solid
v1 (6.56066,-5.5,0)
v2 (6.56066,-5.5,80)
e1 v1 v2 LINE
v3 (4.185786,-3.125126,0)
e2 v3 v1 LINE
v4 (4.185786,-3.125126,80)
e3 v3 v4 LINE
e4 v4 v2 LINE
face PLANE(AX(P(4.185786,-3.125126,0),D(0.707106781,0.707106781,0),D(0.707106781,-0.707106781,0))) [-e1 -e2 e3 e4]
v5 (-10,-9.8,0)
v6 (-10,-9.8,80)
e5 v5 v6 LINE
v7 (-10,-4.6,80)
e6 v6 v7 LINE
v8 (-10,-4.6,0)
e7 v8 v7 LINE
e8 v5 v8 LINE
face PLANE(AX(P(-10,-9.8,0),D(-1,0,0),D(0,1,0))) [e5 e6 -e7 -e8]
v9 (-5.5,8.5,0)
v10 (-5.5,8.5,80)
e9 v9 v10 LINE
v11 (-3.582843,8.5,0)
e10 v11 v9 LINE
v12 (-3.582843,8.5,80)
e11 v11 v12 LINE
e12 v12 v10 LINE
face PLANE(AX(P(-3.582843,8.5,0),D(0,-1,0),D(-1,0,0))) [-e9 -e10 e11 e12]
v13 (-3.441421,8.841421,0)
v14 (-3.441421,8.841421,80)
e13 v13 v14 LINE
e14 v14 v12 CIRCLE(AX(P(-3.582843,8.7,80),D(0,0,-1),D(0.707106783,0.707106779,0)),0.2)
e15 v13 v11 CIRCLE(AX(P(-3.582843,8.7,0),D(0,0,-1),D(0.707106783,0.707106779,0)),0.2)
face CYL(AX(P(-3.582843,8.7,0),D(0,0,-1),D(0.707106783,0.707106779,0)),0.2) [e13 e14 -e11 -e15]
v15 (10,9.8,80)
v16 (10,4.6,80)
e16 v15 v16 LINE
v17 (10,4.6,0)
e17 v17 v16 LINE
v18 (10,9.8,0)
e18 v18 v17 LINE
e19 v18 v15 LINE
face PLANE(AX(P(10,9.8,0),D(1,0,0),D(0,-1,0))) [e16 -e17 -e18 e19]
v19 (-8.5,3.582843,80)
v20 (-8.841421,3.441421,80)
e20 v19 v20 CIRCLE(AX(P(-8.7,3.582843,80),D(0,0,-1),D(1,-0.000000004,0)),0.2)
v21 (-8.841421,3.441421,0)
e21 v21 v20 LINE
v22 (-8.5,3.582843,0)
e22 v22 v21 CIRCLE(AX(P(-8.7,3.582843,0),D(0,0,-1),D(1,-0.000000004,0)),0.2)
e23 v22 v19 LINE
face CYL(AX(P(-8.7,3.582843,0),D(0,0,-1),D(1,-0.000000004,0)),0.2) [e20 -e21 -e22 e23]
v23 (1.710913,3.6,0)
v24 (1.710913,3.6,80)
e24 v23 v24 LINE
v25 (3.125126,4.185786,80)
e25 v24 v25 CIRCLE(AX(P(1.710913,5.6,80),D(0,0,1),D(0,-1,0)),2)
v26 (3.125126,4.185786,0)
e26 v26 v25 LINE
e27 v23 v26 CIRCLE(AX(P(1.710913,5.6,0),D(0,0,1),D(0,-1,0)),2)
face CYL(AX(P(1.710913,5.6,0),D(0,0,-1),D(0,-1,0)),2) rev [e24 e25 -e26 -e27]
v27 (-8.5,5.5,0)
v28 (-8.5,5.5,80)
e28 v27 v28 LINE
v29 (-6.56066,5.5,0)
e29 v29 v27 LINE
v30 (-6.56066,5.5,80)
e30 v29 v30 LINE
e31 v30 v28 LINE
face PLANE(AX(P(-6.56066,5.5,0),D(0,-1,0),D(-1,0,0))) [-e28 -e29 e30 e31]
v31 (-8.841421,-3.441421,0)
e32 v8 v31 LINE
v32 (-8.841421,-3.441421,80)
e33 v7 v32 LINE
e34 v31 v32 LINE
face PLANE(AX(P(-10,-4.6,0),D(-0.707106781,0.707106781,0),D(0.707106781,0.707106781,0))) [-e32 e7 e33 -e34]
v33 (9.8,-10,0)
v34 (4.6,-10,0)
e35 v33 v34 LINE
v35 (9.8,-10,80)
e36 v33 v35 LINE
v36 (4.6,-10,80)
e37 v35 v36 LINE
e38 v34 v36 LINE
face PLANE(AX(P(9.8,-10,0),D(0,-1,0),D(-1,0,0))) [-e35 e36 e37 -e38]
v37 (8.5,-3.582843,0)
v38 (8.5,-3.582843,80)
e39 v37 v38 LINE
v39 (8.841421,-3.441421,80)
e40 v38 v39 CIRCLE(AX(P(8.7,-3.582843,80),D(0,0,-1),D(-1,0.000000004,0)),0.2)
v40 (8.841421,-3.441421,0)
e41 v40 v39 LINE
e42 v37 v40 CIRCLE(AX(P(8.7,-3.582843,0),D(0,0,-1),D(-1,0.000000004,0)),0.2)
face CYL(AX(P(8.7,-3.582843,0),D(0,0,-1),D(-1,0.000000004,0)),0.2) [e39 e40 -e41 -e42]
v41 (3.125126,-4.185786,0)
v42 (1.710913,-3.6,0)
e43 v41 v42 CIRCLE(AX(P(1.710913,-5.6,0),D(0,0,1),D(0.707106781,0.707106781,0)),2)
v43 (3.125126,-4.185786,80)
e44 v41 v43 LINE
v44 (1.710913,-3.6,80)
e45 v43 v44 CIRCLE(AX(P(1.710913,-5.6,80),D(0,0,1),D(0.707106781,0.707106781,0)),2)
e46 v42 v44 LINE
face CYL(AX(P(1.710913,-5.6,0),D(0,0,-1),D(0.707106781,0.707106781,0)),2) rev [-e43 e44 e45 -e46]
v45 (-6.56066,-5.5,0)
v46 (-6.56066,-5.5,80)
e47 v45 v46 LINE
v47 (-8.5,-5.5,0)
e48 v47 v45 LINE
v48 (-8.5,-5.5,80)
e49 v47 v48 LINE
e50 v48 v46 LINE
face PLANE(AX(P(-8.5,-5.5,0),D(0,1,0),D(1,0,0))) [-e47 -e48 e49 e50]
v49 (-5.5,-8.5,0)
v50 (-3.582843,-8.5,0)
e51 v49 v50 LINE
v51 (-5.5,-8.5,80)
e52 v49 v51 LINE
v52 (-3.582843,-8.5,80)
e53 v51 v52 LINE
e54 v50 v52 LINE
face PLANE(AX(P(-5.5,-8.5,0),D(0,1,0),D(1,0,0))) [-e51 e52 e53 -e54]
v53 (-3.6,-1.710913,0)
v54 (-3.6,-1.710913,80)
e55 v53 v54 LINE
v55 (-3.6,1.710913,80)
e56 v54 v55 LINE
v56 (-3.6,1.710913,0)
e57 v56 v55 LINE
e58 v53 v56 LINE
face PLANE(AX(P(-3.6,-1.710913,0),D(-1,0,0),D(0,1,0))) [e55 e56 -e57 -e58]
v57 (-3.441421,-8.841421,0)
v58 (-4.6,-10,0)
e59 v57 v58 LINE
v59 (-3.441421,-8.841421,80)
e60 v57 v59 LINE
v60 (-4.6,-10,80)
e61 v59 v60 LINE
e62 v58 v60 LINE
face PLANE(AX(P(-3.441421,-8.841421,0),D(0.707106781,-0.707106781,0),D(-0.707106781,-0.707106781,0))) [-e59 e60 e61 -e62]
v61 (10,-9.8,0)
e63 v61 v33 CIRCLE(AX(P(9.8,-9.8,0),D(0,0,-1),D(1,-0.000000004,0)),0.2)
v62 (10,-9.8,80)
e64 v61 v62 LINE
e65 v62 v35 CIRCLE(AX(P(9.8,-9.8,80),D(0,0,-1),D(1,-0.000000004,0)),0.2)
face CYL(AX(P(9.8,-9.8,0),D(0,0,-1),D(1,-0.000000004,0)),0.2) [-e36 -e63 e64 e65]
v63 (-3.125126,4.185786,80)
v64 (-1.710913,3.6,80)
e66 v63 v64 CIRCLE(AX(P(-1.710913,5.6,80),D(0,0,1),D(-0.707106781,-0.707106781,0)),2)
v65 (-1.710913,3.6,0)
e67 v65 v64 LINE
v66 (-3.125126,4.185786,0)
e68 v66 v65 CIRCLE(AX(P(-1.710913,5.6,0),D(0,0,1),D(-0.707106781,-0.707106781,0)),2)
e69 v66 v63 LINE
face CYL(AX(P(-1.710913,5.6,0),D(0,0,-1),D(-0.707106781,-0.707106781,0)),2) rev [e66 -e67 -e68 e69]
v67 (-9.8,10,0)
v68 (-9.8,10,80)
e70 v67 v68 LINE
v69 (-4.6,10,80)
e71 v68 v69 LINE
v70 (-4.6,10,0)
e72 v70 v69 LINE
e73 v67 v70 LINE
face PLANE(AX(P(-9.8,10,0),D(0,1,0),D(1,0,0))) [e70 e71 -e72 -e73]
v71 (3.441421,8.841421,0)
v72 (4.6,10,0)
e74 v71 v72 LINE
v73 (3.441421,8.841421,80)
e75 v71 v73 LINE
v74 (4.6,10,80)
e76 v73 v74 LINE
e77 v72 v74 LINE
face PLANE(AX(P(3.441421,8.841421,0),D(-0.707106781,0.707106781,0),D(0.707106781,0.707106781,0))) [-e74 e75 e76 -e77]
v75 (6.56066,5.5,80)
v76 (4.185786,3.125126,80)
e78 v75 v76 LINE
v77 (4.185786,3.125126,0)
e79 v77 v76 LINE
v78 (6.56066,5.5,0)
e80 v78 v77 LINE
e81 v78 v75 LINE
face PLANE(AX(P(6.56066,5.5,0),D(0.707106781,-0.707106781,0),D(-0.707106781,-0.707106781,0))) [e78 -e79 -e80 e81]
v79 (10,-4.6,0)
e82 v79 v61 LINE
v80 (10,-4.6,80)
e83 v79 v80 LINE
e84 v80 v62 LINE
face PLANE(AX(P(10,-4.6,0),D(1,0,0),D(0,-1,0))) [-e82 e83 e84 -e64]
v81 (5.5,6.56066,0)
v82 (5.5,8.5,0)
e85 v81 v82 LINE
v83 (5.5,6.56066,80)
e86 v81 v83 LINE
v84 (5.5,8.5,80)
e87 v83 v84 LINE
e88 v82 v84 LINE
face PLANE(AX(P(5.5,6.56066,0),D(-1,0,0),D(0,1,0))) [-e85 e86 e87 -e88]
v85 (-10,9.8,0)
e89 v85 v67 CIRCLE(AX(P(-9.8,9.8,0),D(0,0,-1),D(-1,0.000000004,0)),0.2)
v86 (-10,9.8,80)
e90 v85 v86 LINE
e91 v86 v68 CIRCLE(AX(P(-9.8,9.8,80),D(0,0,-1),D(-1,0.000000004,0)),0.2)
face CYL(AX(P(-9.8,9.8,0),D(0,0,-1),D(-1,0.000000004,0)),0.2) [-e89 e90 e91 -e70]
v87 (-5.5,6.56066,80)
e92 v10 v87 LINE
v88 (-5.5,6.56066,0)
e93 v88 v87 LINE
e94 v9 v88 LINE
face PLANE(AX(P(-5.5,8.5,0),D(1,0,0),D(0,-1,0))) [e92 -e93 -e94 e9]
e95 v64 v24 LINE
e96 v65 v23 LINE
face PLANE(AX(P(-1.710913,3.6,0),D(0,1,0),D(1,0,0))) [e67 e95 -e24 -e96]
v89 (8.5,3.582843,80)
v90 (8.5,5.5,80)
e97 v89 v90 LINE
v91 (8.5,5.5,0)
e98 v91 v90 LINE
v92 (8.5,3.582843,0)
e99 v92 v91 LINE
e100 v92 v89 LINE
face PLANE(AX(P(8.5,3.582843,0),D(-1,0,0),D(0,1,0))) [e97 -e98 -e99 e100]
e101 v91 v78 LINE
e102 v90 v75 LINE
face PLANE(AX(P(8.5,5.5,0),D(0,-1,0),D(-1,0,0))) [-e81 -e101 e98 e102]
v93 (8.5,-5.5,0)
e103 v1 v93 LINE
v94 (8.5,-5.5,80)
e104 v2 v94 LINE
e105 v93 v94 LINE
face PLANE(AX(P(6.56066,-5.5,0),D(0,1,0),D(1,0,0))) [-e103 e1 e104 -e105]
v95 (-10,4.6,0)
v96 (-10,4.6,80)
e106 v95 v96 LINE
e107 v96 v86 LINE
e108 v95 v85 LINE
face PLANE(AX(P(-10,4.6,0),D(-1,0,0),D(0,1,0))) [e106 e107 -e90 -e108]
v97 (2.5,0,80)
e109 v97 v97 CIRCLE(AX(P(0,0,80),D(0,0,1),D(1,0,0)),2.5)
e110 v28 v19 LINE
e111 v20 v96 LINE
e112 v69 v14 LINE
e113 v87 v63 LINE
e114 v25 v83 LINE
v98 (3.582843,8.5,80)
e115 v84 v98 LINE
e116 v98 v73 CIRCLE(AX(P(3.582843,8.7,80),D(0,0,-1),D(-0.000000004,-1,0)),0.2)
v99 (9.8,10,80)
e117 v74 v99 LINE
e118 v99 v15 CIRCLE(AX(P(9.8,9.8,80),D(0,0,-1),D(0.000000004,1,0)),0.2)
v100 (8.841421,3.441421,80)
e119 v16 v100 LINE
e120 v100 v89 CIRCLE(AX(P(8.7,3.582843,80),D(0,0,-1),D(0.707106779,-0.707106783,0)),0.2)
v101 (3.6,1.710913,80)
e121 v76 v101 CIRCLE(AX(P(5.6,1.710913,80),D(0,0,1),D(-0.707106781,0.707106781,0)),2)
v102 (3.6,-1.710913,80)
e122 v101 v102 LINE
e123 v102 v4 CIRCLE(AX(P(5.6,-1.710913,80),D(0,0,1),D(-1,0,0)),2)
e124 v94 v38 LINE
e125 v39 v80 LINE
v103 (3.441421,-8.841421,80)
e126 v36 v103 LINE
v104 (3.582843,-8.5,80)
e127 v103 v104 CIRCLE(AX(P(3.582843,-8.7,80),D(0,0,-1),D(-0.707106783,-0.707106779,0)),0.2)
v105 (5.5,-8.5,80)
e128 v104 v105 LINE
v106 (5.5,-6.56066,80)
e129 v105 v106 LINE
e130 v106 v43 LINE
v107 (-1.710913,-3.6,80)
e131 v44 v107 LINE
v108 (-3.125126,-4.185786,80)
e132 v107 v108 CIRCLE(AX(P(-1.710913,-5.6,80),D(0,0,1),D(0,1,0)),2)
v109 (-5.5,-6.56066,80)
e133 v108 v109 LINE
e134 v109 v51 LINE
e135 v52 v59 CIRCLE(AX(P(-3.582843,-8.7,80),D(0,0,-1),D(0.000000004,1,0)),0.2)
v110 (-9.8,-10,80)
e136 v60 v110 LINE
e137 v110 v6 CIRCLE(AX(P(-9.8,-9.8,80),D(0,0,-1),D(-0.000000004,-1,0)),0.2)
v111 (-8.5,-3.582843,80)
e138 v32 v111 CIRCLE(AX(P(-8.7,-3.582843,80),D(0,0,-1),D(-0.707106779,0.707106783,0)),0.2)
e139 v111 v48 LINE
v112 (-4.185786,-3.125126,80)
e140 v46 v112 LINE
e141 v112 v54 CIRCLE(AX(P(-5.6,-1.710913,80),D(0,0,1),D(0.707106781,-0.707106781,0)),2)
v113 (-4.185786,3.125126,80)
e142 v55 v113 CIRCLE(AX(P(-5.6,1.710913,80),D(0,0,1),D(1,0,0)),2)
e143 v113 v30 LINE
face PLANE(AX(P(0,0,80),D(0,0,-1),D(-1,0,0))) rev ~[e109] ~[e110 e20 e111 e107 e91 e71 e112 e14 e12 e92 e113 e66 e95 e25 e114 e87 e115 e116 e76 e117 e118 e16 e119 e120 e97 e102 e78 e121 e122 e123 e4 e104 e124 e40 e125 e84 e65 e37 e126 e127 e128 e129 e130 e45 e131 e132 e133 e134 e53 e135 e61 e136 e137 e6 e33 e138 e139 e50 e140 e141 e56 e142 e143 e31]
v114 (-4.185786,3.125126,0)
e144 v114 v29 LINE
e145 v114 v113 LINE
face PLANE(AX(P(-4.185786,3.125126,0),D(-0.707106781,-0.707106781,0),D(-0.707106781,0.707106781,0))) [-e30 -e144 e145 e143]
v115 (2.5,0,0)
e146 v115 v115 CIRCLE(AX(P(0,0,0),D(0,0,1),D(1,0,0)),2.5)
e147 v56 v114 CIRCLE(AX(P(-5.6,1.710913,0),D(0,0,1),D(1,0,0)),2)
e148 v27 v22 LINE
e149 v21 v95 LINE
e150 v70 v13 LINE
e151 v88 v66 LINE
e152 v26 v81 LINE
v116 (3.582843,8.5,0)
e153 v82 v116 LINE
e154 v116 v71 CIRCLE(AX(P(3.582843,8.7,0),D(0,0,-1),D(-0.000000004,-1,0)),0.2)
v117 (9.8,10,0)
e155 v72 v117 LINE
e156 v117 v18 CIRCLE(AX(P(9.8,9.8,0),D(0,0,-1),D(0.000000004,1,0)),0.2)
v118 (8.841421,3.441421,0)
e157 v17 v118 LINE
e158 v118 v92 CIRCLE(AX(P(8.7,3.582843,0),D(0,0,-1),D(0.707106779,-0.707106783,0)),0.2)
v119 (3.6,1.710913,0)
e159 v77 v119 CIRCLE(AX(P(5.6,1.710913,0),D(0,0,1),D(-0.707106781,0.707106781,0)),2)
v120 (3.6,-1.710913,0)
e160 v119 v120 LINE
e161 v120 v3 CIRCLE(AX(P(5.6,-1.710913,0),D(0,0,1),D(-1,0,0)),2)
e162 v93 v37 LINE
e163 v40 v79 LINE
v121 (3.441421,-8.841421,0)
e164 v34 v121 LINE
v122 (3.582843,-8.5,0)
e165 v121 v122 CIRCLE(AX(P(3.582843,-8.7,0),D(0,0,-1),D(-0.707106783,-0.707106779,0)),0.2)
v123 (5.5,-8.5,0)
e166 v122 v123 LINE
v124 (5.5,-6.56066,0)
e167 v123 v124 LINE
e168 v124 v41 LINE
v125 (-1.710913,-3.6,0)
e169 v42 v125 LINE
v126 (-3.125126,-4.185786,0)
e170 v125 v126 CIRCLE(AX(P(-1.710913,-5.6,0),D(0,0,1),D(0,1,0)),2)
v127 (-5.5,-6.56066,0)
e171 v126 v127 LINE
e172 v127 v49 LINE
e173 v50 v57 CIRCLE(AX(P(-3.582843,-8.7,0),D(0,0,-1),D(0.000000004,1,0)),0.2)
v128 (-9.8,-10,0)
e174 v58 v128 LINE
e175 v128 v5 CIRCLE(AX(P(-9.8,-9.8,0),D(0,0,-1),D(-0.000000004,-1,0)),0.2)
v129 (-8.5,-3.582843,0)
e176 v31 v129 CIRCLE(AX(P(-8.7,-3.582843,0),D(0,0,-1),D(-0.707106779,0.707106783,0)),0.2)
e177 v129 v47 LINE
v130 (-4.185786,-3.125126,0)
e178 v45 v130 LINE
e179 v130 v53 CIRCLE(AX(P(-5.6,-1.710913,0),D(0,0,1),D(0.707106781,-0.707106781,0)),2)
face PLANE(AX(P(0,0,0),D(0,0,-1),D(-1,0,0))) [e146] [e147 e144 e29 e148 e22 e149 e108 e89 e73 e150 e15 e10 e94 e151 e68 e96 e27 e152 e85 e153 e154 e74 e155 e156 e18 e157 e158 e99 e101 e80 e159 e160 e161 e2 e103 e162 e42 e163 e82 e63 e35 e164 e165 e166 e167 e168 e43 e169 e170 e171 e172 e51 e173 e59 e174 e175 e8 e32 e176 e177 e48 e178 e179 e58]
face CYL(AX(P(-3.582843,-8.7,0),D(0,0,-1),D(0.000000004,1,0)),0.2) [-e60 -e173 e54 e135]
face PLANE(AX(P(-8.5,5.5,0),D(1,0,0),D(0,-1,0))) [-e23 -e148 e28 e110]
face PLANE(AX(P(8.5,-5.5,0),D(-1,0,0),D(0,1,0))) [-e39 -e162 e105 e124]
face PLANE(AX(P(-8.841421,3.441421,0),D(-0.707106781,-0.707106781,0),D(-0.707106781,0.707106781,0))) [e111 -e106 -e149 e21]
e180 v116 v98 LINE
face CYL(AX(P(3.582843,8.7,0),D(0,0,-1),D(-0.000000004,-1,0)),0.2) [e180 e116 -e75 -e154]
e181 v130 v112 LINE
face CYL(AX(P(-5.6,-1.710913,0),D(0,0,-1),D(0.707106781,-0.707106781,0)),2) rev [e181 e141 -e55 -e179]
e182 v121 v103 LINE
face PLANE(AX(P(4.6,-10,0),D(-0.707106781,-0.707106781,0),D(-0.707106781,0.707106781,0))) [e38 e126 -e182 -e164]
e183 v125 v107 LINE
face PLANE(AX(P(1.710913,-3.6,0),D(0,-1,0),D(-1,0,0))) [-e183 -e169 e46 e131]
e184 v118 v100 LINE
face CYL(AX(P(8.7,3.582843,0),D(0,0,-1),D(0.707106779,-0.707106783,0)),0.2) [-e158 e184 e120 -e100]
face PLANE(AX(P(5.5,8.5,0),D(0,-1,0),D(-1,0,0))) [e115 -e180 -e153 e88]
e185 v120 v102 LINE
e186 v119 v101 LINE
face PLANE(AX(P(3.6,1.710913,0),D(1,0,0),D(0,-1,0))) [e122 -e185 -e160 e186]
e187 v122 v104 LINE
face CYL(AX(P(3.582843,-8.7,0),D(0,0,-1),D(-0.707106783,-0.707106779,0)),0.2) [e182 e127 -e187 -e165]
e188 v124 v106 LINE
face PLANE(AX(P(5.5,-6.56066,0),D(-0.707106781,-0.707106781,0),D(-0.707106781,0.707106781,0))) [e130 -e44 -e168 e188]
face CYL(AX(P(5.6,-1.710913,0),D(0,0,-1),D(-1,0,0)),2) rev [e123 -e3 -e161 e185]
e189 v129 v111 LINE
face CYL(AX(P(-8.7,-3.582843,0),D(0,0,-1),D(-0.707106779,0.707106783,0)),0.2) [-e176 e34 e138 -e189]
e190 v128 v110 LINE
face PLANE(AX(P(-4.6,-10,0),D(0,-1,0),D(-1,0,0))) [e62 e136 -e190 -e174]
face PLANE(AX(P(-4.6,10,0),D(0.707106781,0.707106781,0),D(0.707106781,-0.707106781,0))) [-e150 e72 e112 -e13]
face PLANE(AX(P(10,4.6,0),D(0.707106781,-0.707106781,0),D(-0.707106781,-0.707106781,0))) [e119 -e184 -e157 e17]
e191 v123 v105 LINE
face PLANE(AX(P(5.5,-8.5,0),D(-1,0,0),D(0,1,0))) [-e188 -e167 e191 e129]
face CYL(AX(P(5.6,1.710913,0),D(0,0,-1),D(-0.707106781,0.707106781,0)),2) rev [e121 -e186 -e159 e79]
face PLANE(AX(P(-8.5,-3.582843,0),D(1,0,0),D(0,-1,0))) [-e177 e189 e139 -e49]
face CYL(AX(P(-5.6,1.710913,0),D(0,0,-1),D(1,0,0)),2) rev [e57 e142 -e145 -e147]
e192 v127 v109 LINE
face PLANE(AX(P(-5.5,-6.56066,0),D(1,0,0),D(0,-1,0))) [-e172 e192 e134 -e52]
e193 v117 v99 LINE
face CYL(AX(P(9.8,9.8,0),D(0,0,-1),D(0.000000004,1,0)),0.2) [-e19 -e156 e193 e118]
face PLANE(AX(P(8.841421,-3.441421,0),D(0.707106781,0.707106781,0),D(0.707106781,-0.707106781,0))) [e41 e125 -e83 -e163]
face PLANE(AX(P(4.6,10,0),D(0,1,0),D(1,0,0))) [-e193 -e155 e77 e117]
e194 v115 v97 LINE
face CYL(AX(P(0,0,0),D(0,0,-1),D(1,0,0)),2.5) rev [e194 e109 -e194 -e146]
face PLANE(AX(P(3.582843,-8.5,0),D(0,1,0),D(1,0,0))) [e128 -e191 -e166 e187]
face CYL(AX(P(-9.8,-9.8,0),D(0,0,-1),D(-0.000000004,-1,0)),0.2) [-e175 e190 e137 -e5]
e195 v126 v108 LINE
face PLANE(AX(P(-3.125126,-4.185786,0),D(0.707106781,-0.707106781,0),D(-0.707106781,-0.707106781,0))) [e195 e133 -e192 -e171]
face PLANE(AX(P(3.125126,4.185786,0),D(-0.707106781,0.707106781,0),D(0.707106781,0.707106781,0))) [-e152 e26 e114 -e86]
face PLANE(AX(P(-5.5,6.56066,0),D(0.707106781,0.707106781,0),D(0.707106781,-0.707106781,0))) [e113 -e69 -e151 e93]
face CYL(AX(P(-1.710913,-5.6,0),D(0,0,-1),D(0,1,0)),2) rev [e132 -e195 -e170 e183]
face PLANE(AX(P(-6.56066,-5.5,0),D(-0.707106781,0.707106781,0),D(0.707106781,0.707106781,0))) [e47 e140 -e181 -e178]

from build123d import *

# Parameters (mm, degrees)
ESBO_O1_R                = 2.5
RESSALTO_EXTRUS_O1_DEPTH = 80


with BuildPart() as part:
    # Esboço1 → Ressalto-extrusão1 (new body)
    with BuildSketch(Plane.XY):
        with BuildLine():
            Line((-4.6, -10), (-9.8, -10))
            ThreePointArc((-9.8, -10), (-9.941421356, -9.941421356), (-10, -9.8))
            Line((-10, -9.8), (-10, -4.6))
            Line((-10, -4.6), (-8.841421356, -3.441421356))
            ThreePointArc((-8.841421356, -3.441421356), (-8.623463314, -3.398066806), (-8.5, -3.582842712))
            Line((-8.5, -3.582842712), (-8.5, -5.5))
            Line((-8.5, -5.5), (-6.560660172, -5.5))
            Line((-6.560660172, -5.5), (-4.185786438, -3.125126266))
            ThreePointArc((-4.185786438, -3.125126266), (-3.752240935, -2.476279568), (-3.6, -1.710912703))
            Line((-3.6, -1.710912703), (-3.6, 1.710912703))
            ThreePointArc((-3.6, 1.710912703), (-3.752240935, 2.476279568), (-4.185786438, 3.125126266))
            Line((-4.185786438, 3.125126266), (-6.560660172, 5.5))
            Line((-6.560660172, 5.5), (-8.5, 5.5))
            Line((-8.5, 5.5), (-8.5, 3.582842712))
            ThreePointArc((-8.5, 3.582842712), (-8.623463314, 3.398066806), (-8.841421356, 3.441421356))
            Line((-8.841421356, 3.441421356), (-10, 4.6))
            Line((-10, 4.6), (-10, 9.8))
            ThreePointArc((-10, 9.8), (-9.941421356, 9.941421356), (-9.8, 10))
            Line((-9.8, 10), (-4.6, 10))
            Line((-4.6, 10), (-3.441421356, 8.841421356))
            ThreePointArc((-3.441421356, 8.841421356), (-3.398066806, 8.623463314), (-3.582842712, 8.5))
            Line((-3.582842712, 8.5), (-5.5, 8.5))
            Line((-5.5, 8.5), (-5.5, 6.560660172))
            Line((-5.5, 6.560660172), (-3.125126266, 4.185786438))
            ThreePointArc((-3.125126266, 4.185786438), (-2.476279568, 3.752240935), (-1.710912703, 3.6))
            Line((-1.710912703, 3.6), (1.710912703, 3.6))
            ThreePointArc((1.710912703, 3.6), (2.476279568, 3.752240935), (3.125126266, 4.185786438))
            Line((3.125126266, 4.185786438), (5.5, 6.560660172))
            Line((5.5, 6.560660172), (5.5, 8.5))
            Line((5.5, 8.5), (3.582842712, 8.5))
            ThreePointArc((3.582842712, 8.5), (3.398066806, 8.623463314), (3.441421356, 8.841421356))
            Line((3.441421356, 8.841421356), (4.6, 10))
            Line((4.6, 10), (9.8, 10))
            ThreePointArc((9.8, 10), (9.941421356, 9.941421356), (10, 9.8))
            Line((10, 9.8), (10, 4.6))
            Line((10, 4.6), (8.841421356, 3.441421356))
            ThreePointArc((8.841421356, 3.441421356), (8.623463314, 3.398066806), (8.5, 3.582842712))
            Line((8.5, 3.582842712), (8.5, 5.5))
            Line((8.5, 5.5), (6.560660172, 5.5))
            Line((6.560660172, 5.5), (4.185786438, 3.125126266))
            ThreePointArc((4.185786438, 3.125126266), (3.752240935, 2.476279568), (3.6, 1.710912703))
            Line((3.6, 1.710912703), (3.6, -1.710912703))
            ThreePointArc((3.6, -1.710912703), (3.752240935, -2.476279568), (4.185786438, -3.125126266))
            Line((4.185786438, -3.125126266), (6.560660172, -5.5))
            Line((6.560660172, -5.5), (8.5, -5.5))
            Line((8.5, -5.5), (8.5, -3.582842712))
            ThreePointArc((8.5, -3.582842712), (8.623463314, -3.398066806), (8.841421356, -3.441421356))
            Line((8.841421356, -3.441421356), (10, -4.6))
            Line((10, -4.6), (10, -9.8))
            ThreePointArc((10, -9.8), (9.941421356, -9.941421356), (9.8, -10))
            Line((9.8, -10), (4.6, -10))
            Line((4.6, -10), (3.441421356, -8.841421356))
            ThreePointArc((3.441421356, -8.841421356), (3.398066806, -8.623463314), (3.582842712, -8.5))
            Line((3.582842712, -8.5), (5.5, -8.5))
            Line((5.5, -8.5), (5.5, -6.560660172))
            Line((5.5, -6.560660172), (3.125126266, -4.185786438))
            ThreePointArc((3.125126266, -4.185786438), (2.476279568, -3.752240935), (1.710912703, -3.6))
            Line((1.710912703, -3.6), (-1.710912703, -3.6))
            ThreePointArc((-1.710912703, -3.6), (-2.476279568, -3.752240935), (-3.125126266, -4.185786438))
            Line((-3.125126266, -4.185786438), (-5.5, -6.560660172))
            Line((-5.5, -6.560660172), (-5.5, -8.5))
            Line((-5.5, -8.5), (-3.582842712, -8.5))
            ThreePointArc((-3.582842712, -8.5), (-3.398066806, -8.623463314), (-3.441421356, -8.841421356))
            Line((-3.441421356, -8.841421356), (-4.6, -10))
        make_face()
        Circle(ESBO_O1_R, mode=Mode.SUBTRACT)
    extrude(amount=RESSALTO_EXTRUS_O1_DEPTH)


solid = part.part
